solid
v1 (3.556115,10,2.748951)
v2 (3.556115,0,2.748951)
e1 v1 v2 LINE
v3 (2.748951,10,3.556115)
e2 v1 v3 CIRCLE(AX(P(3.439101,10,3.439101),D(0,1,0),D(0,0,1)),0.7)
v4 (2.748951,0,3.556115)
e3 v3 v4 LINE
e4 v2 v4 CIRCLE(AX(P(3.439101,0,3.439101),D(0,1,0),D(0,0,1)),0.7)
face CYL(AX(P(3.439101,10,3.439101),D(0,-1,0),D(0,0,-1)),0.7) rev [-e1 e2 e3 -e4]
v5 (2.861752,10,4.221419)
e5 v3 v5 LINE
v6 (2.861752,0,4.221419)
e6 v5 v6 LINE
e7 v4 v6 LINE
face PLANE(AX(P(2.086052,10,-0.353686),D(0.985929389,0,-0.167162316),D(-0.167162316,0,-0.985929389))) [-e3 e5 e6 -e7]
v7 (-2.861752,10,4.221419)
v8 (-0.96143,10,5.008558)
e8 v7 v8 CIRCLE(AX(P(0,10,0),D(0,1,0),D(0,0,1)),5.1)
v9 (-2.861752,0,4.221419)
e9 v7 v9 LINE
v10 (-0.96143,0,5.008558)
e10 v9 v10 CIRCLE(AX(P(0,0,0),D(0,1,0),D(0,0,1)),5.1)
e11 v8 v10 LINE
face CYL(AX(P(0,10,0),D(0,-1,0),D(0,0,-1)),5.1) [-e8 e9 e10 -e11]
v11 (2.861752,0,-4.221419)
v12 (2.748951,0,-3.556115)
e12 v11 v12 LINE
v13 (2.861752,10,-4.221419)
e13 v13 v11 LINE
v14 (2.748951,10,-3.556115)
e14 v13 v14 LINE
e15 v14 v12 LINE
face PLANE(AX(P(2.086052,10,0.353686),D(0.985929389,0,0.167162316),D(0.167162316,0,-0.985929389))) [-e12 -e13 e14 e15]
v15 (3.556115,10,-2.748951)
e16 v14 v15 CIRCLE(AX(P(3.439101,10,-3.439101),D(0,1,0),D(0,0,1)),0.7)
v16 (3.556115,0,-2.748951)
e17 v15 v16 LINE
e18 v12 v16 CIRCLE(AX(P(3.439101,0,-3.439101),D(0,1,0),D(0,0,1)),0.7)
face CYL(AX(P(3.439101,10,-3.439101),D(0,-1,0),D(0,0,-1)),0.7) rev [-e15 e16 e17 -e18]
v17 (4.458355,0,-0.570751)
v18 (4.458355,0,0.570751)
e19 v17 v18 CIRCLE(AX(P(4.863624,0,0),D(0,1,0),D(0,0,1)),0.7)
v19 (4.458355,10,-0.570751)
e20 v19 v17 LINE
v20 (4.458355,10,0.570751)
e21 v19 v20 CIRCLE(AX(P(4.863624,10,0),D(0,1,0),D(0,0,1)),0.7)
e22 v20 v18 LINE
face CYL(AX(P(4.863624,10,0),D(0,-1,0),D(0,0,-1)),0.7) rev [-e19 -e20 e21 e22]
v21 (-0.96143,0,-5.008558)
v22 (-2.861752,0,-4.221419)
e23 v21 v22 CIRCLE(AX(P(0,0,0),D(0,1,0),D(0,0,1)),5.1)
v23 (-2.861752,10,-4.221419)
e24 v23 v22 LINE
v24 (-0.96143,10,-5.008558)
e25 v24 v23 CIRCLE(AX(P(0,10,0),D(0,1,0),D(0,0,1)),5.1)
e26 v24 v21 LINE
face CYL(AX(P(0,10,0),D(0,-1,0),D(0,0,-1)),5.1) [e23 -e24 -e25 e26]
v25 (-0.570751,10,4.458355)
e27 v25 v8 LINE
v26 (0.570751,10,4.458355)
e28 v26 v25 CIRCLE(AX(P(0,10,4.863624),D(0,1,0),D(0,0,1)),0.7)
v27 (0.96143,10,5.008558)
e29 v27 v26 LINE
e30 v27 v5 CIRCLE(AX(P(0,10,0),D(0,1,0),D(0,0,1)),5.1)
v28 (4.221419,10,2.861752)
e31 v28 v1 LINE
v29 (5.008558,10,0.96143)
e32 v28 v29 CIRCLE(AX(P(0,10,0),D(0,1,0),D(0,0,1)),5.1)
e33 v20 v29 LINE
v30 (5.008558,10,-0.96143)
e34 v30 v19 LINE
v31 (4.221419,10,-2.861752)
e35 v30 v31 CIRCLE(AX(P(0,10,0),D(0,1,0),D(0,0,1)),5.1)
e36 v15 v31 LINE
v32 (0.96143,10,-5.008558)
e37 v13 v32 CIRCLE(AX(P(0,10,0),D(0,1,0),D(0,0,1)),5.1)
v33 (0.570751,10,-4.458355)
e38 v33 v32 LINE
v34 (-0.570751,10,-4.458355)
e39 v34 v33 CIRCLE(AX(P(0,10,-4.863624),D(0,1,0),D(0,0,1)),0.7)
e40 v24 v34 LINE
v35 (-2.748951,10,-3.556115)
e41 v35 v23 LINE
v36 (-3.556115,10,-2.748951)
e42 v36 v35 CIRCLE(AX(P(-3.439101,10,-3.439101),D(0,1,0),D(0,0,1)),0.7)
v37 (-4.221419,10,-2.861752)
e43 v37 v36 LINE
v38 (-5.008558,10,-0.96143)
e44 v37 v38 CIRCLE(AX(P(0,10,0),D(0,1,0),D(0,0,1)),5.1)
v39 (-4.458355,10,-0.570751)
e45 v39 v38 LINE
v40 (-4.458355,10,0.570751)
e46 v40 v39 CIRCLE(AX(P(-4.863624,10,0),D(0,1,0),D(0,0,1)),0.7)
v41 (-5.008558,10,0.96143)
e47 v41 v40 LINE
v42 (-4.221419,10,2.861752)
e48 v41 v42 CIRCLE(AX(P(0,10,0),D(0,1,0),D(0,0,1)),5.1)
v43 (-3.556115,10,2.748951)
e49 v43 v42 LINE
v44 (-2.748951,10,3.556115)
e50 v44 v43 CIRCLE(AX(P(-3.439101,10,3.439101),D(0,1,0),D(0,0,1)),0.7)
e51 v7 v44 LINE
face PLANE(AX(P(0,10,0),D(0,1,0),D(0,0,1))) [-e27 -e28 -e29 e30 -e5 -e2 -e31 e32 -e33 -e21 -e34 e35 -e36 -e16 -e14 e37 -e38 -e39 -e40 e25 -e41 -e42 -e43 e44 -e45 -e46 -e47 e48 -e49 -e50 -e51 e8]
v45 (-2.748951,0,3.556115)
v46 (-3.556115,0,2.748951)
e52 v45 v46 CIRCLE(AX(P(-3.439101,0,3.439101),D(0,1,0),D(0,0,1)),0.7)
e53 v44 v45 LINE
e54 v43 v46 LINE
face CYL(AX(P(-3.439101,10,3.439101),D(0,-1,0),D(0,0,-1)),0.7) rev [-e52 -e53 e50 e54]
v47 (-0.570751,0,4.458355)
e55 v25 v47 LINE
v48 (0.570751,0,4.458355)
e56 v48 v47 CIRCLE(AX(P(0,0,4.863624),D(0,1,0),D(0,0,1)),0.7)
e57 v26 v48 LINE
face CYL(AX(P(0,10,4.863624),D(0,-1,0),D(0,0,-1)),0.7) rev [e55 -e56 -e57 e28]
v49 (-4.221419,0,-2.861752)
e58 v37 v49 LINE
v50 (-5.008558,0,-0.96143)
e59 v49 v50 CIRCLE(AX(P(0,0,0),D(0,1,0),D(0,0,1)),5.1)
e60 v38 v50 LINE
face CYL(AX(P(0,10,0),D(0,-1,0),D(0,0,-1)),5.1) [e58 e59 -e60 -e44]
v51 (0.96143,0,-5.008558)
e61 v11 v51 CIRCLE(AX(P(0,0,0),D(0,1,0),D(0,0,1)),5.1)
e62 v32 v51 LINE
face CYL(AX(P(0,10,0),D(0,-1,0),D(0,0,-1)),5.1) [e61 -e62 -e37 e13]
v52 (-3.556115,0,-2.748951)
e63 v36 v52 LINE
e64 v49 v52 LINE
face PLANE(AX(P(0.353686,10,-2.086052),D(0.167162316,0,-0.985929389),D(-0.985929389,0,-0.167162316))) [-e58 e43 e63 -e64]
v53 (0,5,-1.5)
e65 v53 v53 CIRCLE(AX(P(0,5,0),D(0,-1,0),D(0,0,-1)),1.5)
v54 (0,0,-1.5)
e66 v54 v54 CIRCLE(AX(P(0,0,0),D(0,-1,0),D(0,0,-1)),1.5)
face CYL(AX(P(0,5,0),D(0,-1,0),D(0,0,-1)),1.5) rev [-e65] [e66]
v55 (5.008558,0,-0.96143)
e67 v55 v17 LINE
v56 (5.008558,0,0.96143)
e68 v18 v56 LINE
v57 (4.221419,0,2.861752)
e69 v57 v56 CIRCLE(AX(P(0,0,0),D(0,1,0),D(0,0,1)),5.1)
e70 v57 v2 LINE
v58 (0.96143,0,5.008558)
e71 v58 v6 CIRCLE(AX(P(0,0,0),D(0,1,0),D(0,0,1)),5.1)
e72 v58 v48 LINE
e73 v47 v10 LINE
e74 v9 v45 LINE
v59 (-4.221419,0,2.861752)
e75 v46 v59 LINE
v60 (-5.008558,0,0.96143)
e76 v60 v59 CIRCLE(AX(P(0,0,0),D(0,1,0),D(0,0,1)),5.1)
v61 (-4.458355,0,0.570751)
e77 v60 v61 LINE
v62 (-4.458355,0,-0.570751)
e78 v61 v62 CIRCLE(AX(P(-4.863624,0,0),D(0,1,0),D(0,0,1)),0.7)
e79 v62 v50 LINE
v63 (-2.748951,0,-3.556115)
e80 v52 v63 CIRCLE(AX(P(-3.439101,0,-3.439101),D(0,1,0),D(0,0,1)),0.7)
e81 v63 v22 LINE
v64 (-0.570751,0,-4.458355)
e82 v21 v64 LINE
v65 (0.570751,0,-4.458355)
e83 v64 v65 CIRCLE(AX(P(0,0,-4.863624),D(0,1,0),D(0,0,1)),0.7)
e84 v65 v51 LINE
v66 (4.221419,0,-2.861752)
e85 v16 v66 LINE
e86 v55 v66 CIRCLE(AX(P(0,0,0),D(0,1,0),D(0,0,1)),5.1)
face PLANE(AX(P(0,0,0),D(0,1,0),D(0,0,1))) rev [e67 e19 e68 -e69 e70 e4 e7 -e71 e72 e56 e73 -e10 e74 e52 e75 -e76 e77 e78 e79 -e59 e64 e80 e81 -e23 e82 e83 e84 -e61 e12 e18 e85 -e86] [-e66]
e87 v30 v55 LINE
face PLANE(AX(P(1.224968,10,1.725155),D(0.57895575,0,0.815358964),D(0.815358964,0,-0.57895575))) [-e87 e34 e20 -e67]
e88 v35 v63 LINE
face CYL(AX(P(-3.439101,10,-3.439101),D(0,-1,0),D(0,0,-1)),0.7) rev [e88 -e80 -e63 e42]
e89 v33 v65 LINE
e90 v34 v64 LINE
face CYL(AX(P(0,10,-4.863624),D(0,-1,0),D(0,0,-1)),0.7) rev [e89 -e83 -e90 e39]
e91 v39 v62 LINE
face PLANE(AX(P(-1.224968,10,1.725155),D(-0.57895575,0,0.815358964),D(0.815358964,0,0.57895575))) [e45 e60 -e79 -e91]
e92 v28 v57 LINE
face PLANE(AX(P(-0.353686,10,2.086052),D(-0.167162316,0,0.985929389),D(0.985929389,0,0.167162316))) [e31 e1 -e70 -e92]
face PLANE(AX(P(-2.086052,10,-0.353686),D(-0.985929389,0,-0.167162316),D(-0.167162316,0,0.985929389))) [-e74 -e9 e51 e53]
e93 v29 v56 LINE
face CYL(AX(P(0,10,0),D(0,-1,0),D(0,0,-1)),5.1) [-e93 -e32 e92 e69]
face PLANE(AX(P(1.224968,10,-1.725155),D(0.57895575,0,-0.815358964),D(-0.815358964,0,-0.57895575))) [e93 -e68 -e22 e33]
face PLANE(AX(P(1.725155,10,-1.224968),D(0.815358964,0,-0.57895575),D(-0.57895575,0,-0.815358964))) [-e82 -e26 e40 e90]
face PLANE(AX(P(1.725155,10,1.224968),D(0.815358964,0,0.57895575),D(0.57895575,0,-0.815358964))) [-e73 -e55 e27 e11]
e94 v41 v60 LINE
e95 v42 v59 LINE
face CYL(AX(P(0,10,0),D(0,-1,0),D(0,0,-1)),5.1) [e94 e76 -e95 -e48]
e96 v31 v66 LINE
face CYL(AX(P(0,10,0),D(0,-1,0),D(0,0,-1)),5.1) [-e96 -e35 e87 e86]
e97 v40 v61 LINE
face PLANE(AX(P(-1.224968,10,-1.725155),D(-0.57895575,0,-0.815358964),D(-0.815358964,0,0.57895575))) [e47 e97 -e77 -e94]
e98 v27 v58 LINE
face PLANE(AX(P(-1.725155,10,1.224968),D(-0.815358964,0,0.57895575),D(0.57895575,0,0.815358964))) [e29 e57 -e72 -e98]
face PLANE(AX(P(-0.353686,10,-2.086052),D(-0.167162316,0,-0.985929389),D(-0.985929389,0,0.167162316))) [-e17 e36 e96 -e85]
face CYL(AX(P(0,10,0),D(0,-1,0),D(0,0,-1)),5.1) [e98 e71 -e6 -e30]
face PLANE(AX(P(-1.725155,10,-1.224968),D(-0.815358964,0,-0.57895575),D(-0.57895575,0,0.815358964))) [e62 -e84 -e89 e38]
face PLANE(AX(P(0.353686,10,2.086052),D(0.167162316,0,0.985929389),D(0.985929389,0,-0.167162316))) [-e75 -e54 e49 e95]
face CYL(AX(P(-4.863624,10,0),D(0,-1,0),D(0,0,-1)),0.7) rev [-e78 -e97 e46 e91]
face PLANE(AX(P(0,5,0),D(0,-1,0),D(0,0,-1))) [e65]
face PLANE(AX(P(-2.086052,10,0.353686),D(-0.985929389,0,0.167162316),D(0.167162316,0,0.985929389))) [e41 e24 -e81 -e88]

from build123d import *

# Parameters (mm, degrees)
BOSS_EXTRUDE1_DEPTH = 10
SKETCH2_R           = 1.5
CUT_EXTRUDE1_DEPTH  = 5


with BuildPart() as part:
    # Sketch1 → Boss-Extrude1 (new body)
    with BuildSketch(Plane(origin=(0, 0, 0), x_dir=(1, 0, 0), z_dir=(0, 1, 0))):
        with BuildLine():
            Line((-0.570751275, 4.458354836), (-0.96142982, 5.008557946))
            ThreePointArc((-0.96142982, 5.008557946), (-1.951685505, 4.711785616), (-2.861751742, 4.221418833))
            Line((-2.861751742, 4.221418833), (-2.748950841, 3.556115034))
            ThreePointArc((-2.748950841, 3.556115034), (-2.944126667, 2.944126667), (-3.556115034, 2.748950841))
            Line((-3.556115034, 2.748950841), (-4.221418833, 2.861751742))
            ThreePointArc((-4.221418833, 2.861751742), (-4.711785616, 1.951685505), (-5.008557946, 0.96142982))
            Line((-5.008557946, 0.96142982), (-4.458354836, 0.570751275))
            ThreePointArc((-4.458354836, 0.570751275), (-4.163623861, 0), (-4.458354836, -0.570751275))
            Line((-4.458354836, -0.570751275), (-5.008557946, -0.96142982))
            ThreePointArc((-5.008557946, -0.96142982), (-4.711785616, -1.951685505), (-4.221418833, -2.861751742))
            Line((-4.221418833, -2.861751742), (-3.556115034, -2.748950841))
            ThreePointArc((-3.556115034, -2.748950841), (-2.944126667, -2.944126667), (-2.748950841, -3.556115034))
            Line((-2.748950841, -3.556115034), (-2.861751742, -4.221418833))
            ThreePointArc((-2.861751742, -4.221418833), (-1.951685505, -4.711785616), (-0.96142982, -5.008557946))
            Line((-0.96142982, -5.008557946), (-0.570751275, -4.458354836))
            ThreePointArc((-0.570751275, -4.458354836), (0, -4.163623861), (0.570751275, -4.458354836))
            Line((0.570751275, -4.458354836), (0.96142982, -5.008557946))
            ThreePointArc((0.96142982, -5.008557946), (1.951685505, -4.711785616), (2.861751742, -4.221418833))
            Line((2.861751742, -4.221418833), (2.748950841, -3.556115034))
            ThreePointArc((2.748950841, -3.556115034), (2.944126667, -2.944126667), (3.556115034, -2.748950841))
            Line((3.556115034, -2.748950841), (4.221418833, -2.861751742))
            ThreePointArc((4.221418833, -2.861751742), (4.711785616, -1.951685505), (5.008557946, -0.96142982))
            Line((5.008557946, -0.96142982), (4.458354836, -0.570751275))
            ThreePointArc((4.458354836, -0.570751275), (4.163623861, 0), (4.458354836, 0.570751275))
            Line((4.458354836, 0.570751275), (5.008557946, 0.96142982))
            ThreePointArc((5.008557946, 0.96142982), (4.711785616, 1.951685505), (4.221418833, 2.861751742))
            Line((4.221418833, 2.861751742), (3.556115034, 2.748950841))
            ThreePointArc((3.556115034, 2.748950841), (2.944126667, 2.944126667), (2.748950841, 3.556115034))
            Line((2.748950841, 3.556115034), (2.861751742, 4.221418833))
            ThreePointArc((2.861751742, 4.221418833), (1.951685505, 4.711785616), (0.96142982, 5.008557946))
            Line((0.96142982, 5.008557946), (0.570751275, 4.458354836))
            ThreePointArc((0.570751275, 4.458354836), (0, 4.163623861), (-0.570751275, 4.458354836))
        make_face()
    extrude(amount=BOSS_EXTRUDE1_DEPTH)

    # Sketch2 → Cut-Extrude1 (cut)
    with BuildSketch(Plane.XZ):
        Circle(SKETCH2_R)
    extrude(amount=-CUT_EXTRUDE1_DEPTH, mode=Mode.SUBTRACT)


solid = part.part
